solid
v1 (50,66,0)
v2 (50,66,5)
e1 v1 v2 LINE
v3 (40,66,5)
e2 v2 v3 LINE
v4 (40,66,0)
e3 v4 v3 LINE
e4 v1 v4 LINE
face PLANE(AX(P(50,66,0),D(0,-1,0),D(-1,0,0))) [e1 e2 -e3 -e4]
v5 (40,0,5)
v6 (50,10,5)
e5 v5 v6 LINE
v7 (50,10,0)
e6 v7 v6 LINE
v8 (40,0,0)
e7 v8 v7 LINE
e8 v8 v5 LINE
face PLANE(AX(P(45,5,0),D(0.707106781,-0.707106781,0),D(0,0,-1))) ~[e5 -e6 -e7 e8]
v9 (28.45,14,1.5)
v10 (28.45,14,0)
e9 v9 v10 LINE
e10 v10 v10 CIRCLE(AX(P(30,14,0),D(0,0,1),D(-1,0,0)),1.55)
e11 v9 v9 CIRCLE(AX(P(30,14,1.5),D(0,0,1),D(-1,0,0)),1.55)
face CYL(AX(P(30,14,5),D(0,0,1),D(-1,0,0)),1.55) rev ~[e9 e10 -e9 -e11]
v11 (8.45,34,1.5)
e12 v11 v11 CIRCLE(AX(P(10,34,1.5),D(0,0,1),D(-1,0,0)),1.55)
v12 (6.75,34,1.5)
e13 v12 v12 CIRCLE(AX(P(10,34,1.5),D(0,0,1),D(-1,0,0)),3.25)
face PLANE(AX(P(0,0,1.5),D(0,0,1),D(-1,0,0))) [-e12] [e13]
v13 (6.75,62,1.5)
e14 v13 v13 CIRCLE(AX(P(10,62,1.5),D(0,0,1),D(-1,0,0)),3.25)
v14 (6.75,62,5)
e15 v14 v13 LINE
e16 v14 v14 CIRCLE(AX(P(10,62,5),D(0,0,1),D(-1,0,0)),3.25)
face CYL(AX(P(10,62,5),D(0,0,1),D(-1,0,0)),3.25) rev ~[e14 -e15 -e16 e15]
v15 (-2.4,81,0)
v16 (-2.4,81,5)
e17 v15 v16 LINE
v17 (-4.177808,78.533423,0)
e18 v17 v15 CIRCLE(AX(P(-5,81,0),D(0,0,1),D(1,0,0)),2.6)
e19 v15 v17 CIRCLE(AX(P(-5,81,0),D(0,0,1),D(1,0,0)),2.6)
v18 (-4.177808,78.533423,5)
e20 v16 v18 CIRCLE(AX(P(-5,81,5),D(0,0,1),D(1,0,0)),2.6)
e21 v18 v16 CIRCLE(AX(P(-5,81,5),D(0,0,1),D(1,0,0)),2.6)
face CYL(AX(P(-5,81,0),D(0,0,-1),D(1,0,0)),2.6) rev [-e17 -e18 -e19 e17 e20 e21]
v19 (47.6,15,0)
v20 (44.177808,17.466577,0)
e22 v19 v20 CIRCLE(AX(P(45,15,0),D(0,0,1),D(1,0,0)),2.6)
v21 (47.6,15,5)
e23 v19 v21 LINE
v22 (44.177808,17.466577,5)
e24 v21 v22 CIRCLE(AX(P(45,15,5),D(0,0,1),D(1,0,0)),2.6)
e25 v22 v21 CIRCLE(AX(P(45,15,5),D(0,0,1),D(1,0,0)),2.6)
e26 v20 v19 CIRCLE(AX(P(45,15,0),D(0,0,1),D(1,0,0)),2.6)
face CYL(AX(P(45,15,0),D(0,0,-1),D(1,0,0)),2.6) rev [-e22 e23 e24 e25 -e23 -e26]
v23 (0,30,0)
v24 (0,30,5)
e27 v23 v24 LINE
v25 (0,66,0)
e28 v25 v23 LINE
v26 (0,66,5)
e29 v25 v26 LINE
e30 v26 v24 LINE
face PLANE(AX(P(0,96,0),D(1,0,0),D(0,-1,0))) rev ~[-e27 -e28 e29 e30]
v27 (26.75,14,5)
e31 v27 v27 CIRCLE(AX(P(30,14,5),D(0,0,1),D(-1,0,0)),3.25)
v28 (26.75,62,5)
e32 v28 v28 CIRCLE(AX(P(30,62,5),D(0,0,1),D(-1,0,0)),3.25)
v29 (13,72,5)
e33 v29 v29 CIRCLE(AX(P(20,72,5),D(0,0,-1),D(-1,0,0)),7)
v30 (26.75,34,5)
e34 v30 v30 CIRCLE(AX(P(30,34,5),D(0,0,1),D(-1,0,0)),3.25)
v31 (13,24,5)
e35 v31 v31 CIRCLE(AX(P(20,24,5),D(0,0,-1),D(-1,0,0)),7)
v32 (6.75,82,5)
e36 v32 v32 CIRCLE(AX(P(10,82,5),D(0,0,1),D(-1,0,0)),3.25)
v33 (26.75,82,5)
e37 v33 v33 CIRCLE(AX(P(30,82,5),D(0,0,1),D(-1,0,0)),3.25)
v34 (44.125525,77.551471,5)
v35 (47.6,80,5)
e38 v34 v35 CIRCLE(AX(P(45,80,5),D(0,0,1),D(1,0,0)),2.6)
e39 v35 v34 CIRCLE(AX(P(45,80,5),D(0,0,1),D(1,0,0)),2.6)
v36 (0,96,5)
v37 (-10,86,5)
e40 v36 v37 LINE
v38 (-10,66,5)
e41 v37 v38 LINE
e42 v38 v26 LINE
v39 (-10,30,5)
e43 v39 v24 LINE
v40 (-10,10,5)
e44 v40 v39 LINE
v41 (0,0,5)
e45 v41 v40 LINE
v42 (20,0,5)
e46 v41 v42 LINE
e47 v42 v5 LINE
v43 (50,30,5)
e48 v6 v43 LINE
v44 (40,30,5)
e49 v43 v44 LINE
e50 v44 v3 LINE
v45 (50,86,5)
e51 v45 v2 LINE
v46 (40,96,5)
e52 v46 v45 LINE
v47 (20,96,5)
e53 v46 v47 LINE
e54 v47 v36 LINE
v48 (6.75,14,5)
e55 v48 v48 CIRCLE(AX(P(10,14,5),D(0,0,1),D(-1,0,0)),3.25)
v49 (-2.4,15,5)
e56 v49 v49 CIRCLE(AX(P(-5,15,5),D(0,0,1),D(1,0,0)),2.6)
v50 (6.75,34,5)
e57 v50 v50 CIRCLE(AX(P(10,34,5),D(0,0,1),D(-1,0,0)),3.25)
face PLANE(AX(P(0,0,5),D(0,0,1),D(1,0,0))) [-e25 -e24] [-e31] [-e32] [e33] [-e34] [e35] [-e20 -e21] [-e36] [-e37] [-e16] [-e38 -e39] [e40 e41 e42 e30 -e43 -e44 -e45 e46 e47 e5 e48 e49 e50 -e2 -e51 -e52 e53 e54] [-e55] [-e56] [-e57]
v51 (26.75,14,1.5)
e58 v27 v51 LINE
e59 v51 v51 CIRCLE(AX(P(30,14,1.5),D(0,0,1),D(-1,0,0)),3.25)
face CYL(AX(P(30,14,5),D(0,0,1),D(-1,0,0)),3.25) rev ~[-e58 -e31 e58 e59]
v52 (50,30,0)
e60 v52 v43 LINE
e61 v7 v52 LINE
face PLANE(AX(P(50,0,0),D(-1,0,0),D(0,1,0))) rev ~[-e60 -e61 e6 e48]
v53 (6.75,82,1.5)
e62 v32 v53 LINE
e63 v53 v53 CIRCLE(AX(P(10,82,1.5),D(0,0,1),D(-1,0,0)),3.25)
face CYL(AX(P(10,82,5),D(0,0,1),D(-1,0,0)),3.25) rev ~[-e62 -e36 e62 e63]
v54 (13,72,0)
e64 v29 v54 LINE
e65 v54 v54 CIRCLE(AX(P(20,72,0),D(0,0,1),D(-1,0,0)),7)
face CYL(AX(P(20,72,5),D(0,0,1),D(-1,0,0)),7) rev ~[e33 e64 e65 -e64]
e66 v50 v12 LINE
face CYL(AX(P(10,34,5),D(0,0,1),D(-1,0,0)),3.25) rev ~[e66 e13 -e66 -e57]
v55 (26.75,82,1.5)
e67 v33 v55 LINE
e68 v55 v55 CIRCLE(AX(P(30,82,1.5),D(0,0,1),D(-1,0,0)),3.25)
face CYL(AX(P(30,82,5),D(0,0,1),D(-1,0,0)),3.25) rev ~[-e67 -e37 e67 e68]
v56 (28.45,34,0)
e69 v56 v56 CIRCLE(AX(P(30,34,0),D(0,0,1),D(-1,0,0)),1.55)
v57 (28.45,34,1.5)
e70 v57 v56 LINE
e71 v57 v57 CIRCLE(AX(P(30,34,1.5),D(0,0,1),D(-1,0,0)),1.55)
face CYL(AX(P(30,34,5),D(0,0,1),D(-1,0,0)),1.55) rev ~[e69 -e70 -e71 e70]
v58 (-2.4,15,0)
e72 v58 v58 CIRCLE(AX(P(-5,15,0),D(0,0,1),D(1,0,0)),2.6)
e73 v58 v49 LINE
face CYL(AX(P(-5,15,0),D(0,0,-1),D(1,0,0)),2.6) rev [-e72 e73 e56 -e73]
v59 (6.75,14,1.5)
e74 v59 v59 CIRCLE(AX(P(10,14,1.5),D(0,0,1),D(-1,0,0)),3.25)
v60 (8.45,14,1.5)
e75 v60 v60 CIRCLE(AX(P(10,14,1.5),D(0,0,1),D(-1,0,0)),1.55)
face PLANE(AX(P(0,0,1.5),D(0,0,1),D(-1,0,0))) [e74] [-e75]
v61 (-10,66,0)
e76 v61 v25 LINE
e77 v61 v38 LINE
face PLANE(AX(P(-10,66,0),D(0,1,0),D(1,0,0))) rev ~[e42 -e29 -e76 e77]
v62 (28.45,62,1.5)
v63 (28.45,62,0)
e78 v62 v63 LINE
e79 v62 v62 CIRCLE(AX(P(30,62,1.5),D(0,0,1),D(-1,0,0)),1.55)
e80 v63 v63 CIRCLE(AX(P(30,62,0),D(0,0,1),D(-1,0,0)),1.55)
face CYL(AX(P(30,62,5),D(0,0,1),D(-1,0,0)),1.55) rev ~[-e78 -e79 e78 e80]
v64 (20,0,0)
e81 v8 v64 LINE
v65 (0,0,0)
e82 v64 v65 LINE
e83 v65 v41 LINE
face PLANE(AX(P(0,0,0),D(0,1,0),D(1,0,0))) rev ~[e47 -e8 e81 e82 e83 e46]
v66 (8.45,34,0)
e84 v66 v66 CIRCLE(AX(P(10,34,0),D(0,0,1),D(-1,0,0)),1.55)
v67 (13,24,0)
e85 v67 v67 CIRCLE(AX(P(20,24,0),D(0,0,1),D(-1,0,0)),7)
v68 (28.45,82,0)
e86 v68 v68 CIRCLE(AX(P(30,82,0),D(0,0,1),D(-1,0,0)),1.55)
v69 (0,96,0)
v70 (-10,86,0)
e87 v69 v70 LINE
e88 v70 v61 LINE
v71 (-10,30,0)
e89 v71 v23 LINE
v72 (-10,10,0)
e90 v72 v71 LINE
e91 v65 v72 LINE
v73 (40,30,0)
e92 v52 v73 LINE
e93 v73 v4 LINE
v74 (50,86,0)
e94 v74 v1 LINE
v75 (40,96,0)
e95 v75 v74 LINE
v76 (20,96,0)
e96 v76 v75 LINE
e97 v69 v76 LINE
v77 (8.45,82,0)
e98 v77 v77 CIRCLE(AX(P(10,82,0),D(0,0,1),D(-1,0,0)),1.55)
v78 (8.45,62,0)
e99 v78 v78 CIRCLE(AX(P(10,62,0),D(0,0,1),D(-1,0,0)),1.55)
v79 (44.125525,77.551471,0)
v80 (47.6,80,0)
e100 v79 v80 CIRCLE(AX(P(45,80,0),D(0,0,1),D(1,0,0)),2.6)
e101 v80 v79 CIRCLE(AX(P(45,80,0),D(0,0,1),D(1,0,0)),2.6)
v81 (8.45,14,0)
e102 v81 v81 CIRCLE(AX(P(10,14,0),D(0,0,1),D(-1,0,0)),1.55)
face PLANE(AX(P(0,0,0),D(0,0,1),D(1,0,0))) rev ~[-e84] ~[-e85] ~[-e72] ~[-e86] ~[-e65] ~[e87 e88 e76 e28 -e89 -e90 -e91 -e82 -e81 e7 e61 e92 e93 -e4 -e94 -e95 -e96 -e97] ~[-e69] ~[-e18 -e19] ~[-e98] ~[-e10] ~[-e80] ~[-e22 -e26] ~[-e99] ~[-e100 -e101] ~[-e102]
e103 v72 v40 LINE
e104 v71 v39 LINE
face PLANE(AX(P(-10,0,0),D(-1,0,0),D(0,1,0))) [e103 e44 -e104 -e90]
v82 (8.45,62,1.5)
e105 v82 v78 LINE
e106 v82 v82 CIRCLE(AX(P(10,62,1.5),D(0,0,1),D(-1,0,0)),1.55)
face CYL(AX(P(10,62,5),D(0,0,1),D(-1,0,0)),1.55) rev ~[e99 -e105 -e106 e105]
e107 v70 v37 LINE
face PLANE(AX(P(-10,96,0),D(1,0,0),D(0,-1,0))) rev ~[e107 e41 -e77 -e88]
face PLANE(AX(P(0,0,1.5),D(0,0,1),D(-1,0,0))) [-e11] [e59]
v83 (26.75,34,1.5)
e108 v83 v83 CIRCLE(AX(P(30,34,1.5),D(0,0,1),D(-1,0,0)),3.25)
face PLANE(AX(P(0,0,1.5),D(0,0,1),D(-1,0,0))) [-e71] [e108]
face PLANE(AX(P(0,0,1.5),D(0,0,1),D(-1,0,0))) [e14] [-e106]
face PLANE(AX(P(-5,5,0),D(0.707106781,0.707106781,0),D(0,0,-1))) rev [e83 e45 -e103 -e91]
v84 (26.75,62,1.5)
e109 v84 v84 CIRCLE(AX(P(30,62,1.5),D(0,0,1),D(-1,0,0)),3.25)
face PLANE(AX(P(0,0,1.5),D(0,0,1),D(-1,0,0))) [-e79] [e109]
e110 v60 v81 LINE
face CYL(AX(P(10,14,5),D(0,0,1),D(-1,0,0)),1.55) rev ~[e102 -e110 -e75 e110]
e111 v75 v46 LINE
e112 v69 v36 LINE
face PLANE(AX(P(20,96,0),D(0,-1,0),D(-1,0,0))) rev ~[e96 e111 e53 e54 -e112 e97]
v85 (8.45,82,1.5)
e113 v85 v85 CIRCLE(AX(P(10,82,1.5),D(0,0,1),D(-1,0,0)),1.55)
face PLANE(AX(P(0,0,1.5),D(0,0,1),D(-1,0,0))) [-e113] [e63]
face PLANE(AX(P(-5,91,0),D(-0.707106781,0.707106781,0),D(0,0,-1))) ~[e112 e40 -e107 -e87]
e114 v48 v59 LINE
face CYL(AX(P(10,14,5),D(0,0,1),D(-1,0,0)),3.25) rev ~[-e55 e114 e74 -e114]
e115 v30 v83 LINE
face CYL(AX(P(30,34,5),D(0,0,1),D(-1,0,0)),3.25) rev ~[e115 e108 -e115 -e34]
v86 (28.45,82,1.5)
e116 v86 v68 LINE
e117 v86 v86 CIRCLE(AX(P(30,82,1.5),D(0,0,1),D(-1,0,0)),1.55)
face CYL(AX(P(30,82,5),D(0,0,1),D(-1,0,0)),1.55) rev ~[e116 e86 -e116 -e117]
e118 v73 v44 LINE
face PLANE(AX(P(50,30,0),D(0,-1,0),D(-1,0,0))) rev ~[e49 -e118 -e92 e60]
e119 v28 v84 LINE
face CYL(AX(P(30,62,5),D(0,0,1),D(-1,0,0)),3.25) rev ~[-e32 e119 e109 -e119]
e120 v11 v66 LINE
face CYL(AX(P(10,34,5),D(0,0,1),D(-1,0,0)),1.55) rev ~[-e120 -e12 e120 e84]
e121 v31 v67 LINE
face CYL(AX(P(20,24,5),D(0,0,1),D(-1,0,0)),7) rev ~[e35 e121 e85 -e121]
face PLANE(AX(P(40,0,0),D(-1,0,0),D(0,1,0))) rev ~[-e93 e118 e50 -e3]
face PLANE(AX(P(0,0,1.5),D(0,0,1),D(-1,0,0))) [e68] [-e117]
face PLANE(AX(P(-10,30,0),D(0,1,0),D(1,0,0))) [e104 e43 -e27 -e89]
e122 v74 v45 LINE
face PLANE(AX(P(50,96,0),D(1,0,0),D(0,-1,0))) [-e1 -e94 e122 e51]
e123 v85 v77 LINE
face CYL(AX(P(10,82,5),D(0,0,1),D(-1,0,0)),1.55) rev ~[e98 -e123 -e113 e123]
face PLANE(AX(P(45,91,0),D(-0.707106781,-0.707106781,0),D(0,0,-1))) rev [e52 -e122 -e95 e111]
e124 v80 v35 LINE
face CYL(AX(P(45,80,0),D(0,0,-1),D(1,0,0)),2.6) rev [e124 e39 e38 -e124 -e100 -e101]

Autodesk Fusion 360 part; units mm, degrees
sketch "Sketch1" plane through (0, 0, 0) normal (0, 0, 1) x (1, 0, 0)
  line L0 (0, 0) -> (40, 0)
  line L1 (40, 0) -> (40, 96)
  line L2 (40, 96) -> (0, 96)
  line L3 (0, 96) -> (0, 0)
  line L4 (20, 0) -> (20, 15)
  line L5 (20, 96) -> (20, 81)
  circle A0 centre (20, 81) radius 2.65
  circle A1 centre (20, 15) radius 2.65
  dimension "d1" = 40
  dimension "d2" = 96
  dimension "d3" = 15
  dimension "d4" = 5.3
  dimension "d5" = 5.3
extrude "Extrude1" add sketch "Sketch1" along normal blind 5
sketch "Sketch2" plane through (0, 0, 5) normal (0, 0, 1) x (-1, 0, 0)
  circle A0 centre (-20, -15) radius 2.65
  circle A1 centre (-20, -81) radius 2.65
  line L0 (0, -96) -> (0, 0)
  line L1 (0, 0) -> (-40, 0)
  line L2 (-40, 0) -> (-40, -96)
  line L3 (-40, -96) -> (0, -96)
  line L4 (0, -48) -> (-40, -48)
  line L5 (-20, -46.5) -> (-20, -1.5)
  line L6 (-20, -34) -> (-30, -34)
  line L7 (-30, -34) -> (-30, -14)
  line L8 (-30, -14) -> (-10, -14)
  line L9 (-10, -14) -> (-10, -34)
  line L10 (-10, -34) -> (-20, -34)
  line L11 (-20, -49.5) -> (-20, -94.5)
  line L12 (-20, -62) -> (-30, -62)
  line L13 (-30, -62) -> (-30, -82)
  line L14 (-30, -82) -> (-10, -82)
  line L15 (-10, -82) -> (-10, -62)
  line L16 (-10, -62) -> (-20, -62)
  circle A2 centre (-30, -14) radius 1.55
  circle A3 centre (-10, -14) radius 1.55
  circle A4 centre (-10, -34) radius 1.55
  circle A5 centre (-30, -34) radius 1.55
  circle A6 centre (-30, -62) radius 1.55
  circle A7 centre (-10, -62) radius 1.55
  circle A8 centre (-10, -82) radius 1.55
  circle A9 centre (-30, -82) radius 1.55
  dimension "d12" = 45
  dimension "d15" = 45
  dimension "d16" = 3.1
  dimension "d17" = 3.1
  dimension "d18" = 3.1
  dimension "d19" = 3.1
  dimension "d20" = 3.1
  dimension "d21" = 3.1
  dimension "d22" = 3.1
  dimension "d23" = 3.1
extrude "Extrude2" cut sketch "Sketch2" against normal blind 5 contours L8 L9 A3 | L8 L9 A3 | L7 L8 A2 | L7 L8 A2 | L6 L7 A5 | L6 L7 A5 | L9 L10 A4 | L9 L10 A4 | L14 L15 A8 | L14 L15 A8 | L13 L14 A9 | L13 L14 A9 | L12 L13 A6 | L12 L13 A6 | L15 L16 A7 | L15 L16 A7
sketch "Sketch3" plane through (0, 0, 5) normal (0, 0, 1) x (-1, 0, 0)
  circle A0 centre (-30, -34) radius 1.55
  circle A1 centre (-10, -82) radius 1.55
  circle A2 centre (-10, -62) radius 1.55
  circle A3 centre (-30, -14) radius 1.55
  circle A4 centre (-10, -34) radius 1.55
  circle A5 centre (-30, -82) radius 1.55
  circle A6 centre (-10, -14) radius 1.55
  circle A7 centre (-30, -62) radius 1.55
  circle A8 centre (-20, -15) radius 2.65
  circle A9 centre (-20, -81) radius 2.65
  line L0 (0, -96) -> (0, 0)
  line L1 (0, 0) -> (-40, 0)
  line L2 (-40, 0) -> (-40, -96)
  line L3 (-40, -96) -> (0, -96)
  circle A10 centre (-20, -15) radius 2.65
  circle A11 centre (-20, -81) radius 2.65
extrude "Extrude3" add sketch "Sketch3" against normal blind 5 contours A8 A10 | A9 A11
sketch "Sketch4" plane through (0, 0, 0) normal (0, 0, 1) x (1, 0, 0)
  line L0 (-10, 0) -> (-10, 30)
  line L1 (-10, 30) -> (0, 30)
  line L2 (-5, 0) -> (-5, 15)
  circle A0 centre (-5, 15) radius 2.6
  line L3 (40, 0) -> (50, 0)
  line L4 (50, 0) -> (50, 30)
  line L5 (50, 30) -> (40, 30)
  line L6 (40, 30) -> (45, 15)
  circle A1 centre (45, 15) radius 2.6
  line L7 (40, 96) -> (50, 96)
  line L8 (50, 96) -> (50, 66)
  line L9 (50, 66) -> (40, 66)
  line L10 (40, 66) -> (45, 80)
  circle A2 centre (45, 80) radius 2.6
  line L11 (0, 96) -> (-10, 96)
  line L12 (-10, 96) -> (-10, 66)
  line L13 (-10, 66) -> (0, 66)
  line L14 (0, 66) -> (-5, 81)
  circle A3 centre (-5, 81) radius 2.6
  line L15 (-10, 0) -> (-9, 0)
  line L16 (-9, 0) -> (0, 0)
  line L17 (0, 0) -> (0, 30)
  line L18 (40, 30) -> (40, 0)
  line L19 (0, 66) -> (0, 96)
  line L20 (40, 96) -> (40, 66)
  dimension "d28" = 5.2
  dimension "d29" = 5.2
  dimension "d30" = 5.2
  dimension "d31" = 5.2
extrude "Extrude4" add sketch "Sketch4" along normal blind 5
chamfer "Chamfer1" distance 10 angle 45 1 edges at (-10, 0, 2.5)
chamfer "Chamfer2" distance 10 angle 45 1 edges at (50, 0, 2.5)
chamfer "Chamfer3" distance 10 angle 45 1 edges at (-10, 96, 2.5)
chamfer "Chamfer4" distance 10 angle 45 1 edges at (50, 96, 2.5)
sketch "Sketch5" plane through (0, 0, 5) normal (0, 0, 1) x (-1, 0, 0)
  circle A0 centre (-45, -80) radius 2.6
  circle A1 centre (-45, -15) radius 2.6
  circle A2 centre (5, -81) radius 2.6
  circle A3 centre (5, -15) radius 2.6
  circle A4 centre (-30, -34) radius 1.55
  circle A5 centre (-10, -82) radius 1.55
  circle A6 centre (-10, -62) radius 1.55
  circle A7 centre (-30, -14) radius 1.55
  circle A8 centre (-10, -34) radius 1.55
  circle A9 centre (-30, -82) radius 1.55
  circle A10 centre (-10, -14) radius 1.55
  circle A11 centre (-30, -62) radius 1.55
  line L0 (-50, -86) -> (-40, -96)
  line L1 (-40, -96) -> (0, -96)
  line L2 (0, -96) -> (10, -86)
  line L3 (10, -86) -> (10, -66)
  line L4 (10, -66) -> (0, -66)
  line L5 (0, -66) -> (0, -30)
  line L6 (0, -30) -> (10, -30)
  line L7 (10, -30) -> (10, -10)
  line L8 (10, -10) -> (0, 0)
  line L9 (0, 0) -> (-40, 0)
  line L10 (-40, 0) -> (-50, -10)
  line L11 (-50, -10) -> (-50, -30)
  line L12 (-50, -30) -> (-40, -30)
  line L13 (-40, -30) -> (-40, -66)
  line L14 (-40, -66) -> (-50, -66)
  line L15 (-50, -66) -> (-50, -86)
  line L16 (-10, -62) -> (-30, -82)
  line L17 (-10, -14) -> (-30, -34)
  circle A12 centre (-20, -24) radius 7
  circle A13 centre (-20, -72) radius 7
  dimension "d38" = 14
  dimension "d39" = 14
extrude "Extrude5" cut sketch "Sketch5" against normal blind 5 contours L17 A12 | L17 A12 | L16 A13 | L16 A13
sketch "Sketch6" plane through (0, 0, 5) normal (0, 0, 1) x (-1, 0, 0)
  circle A0 centre (-20, -24) radius 7
  circle A1 centre (-20, -72) radius 7
  circle A2 centre (-45, -80) radius 2.6
  circle A3 centre (-45, -15) radius 2.6
  circle A4 centre (5, -81) radius 2.6
  circle A5 centre (5, -15) radius 2.6
  circle A6 centre (-30, -34) radius 1.55
  circle A7 centre (-10, -82) radius 1.55
  circle A8 centre (-10, -62) radius 1.55
  circle A9 centre (-30, -14) radius 1.55
  circle A10 centre (-10, -34) radius 1.55
  circle A11 centre (-30, -82) radius 1.55
  circle A12 centre (-10, -14) radius 1.55
  circle A13 centre (-30, -62) radius 1.55
  line L0 (-50, -86) -> (-40, -96)
  line L1 (-40, -96) -> (0, -96)
  line L2 (0, -96) -> (10, -86)
  line L3 (10, -86) -> (10, -66)
  line L4 (10, -66) -> (0, -66)
  line L5 (0, -66) -> (0, -30)
  line L6 (0, -30) -> (10, -30)
  line L7 (10, -30) -> (10, -10)
  line L8 (10, -10) -> (0, 0)
  line L9 (0, 0) -> (-40, 0)
  line L10 (-40, 0) -> (-50, -10)
  line L11 (-50, -10) -> (-50, -30)
  line L12 (-50, -30) -> (-40, -30)
  line L13 (-40, -30) -> (-40, -66)
  line L14 (-40, -66) -> (-50, -66)
  line L15 (-50, -66) -> (-50, -86)
  circle A14 centre (-10, -82) radius 3.25
  circle A15 centre (-30, -82) radius 3.25
  circle A16 centre (-30, -62) radius 3.25
  circle A17 centre (-10, -62) radius 3.25
  circle A18 centre (-10, -34) radius 3.25
  circle A19 centre (-30, -34) radius 3.25
  circle A20 centre (-30, -14) radius 3.25
  circle A21 centre (-10, -14) radius 3.25
  dimension "d42" = 6.5
  dimension "d43" = 6.5
  dimension "d44" = 6.5
  dimension "d45" = 6.5
  dimension "d46" = 6.5
  dimension "d47" = 6.5
  dimension "d48" = 6.5
  dimension "d49" = 6.5
extrude "Extrude6" cut sketch "Sketch6" against normal blind 3.5 contours A14 | A15 | A16 | A17 | A18 | A19 | A20 | A21
